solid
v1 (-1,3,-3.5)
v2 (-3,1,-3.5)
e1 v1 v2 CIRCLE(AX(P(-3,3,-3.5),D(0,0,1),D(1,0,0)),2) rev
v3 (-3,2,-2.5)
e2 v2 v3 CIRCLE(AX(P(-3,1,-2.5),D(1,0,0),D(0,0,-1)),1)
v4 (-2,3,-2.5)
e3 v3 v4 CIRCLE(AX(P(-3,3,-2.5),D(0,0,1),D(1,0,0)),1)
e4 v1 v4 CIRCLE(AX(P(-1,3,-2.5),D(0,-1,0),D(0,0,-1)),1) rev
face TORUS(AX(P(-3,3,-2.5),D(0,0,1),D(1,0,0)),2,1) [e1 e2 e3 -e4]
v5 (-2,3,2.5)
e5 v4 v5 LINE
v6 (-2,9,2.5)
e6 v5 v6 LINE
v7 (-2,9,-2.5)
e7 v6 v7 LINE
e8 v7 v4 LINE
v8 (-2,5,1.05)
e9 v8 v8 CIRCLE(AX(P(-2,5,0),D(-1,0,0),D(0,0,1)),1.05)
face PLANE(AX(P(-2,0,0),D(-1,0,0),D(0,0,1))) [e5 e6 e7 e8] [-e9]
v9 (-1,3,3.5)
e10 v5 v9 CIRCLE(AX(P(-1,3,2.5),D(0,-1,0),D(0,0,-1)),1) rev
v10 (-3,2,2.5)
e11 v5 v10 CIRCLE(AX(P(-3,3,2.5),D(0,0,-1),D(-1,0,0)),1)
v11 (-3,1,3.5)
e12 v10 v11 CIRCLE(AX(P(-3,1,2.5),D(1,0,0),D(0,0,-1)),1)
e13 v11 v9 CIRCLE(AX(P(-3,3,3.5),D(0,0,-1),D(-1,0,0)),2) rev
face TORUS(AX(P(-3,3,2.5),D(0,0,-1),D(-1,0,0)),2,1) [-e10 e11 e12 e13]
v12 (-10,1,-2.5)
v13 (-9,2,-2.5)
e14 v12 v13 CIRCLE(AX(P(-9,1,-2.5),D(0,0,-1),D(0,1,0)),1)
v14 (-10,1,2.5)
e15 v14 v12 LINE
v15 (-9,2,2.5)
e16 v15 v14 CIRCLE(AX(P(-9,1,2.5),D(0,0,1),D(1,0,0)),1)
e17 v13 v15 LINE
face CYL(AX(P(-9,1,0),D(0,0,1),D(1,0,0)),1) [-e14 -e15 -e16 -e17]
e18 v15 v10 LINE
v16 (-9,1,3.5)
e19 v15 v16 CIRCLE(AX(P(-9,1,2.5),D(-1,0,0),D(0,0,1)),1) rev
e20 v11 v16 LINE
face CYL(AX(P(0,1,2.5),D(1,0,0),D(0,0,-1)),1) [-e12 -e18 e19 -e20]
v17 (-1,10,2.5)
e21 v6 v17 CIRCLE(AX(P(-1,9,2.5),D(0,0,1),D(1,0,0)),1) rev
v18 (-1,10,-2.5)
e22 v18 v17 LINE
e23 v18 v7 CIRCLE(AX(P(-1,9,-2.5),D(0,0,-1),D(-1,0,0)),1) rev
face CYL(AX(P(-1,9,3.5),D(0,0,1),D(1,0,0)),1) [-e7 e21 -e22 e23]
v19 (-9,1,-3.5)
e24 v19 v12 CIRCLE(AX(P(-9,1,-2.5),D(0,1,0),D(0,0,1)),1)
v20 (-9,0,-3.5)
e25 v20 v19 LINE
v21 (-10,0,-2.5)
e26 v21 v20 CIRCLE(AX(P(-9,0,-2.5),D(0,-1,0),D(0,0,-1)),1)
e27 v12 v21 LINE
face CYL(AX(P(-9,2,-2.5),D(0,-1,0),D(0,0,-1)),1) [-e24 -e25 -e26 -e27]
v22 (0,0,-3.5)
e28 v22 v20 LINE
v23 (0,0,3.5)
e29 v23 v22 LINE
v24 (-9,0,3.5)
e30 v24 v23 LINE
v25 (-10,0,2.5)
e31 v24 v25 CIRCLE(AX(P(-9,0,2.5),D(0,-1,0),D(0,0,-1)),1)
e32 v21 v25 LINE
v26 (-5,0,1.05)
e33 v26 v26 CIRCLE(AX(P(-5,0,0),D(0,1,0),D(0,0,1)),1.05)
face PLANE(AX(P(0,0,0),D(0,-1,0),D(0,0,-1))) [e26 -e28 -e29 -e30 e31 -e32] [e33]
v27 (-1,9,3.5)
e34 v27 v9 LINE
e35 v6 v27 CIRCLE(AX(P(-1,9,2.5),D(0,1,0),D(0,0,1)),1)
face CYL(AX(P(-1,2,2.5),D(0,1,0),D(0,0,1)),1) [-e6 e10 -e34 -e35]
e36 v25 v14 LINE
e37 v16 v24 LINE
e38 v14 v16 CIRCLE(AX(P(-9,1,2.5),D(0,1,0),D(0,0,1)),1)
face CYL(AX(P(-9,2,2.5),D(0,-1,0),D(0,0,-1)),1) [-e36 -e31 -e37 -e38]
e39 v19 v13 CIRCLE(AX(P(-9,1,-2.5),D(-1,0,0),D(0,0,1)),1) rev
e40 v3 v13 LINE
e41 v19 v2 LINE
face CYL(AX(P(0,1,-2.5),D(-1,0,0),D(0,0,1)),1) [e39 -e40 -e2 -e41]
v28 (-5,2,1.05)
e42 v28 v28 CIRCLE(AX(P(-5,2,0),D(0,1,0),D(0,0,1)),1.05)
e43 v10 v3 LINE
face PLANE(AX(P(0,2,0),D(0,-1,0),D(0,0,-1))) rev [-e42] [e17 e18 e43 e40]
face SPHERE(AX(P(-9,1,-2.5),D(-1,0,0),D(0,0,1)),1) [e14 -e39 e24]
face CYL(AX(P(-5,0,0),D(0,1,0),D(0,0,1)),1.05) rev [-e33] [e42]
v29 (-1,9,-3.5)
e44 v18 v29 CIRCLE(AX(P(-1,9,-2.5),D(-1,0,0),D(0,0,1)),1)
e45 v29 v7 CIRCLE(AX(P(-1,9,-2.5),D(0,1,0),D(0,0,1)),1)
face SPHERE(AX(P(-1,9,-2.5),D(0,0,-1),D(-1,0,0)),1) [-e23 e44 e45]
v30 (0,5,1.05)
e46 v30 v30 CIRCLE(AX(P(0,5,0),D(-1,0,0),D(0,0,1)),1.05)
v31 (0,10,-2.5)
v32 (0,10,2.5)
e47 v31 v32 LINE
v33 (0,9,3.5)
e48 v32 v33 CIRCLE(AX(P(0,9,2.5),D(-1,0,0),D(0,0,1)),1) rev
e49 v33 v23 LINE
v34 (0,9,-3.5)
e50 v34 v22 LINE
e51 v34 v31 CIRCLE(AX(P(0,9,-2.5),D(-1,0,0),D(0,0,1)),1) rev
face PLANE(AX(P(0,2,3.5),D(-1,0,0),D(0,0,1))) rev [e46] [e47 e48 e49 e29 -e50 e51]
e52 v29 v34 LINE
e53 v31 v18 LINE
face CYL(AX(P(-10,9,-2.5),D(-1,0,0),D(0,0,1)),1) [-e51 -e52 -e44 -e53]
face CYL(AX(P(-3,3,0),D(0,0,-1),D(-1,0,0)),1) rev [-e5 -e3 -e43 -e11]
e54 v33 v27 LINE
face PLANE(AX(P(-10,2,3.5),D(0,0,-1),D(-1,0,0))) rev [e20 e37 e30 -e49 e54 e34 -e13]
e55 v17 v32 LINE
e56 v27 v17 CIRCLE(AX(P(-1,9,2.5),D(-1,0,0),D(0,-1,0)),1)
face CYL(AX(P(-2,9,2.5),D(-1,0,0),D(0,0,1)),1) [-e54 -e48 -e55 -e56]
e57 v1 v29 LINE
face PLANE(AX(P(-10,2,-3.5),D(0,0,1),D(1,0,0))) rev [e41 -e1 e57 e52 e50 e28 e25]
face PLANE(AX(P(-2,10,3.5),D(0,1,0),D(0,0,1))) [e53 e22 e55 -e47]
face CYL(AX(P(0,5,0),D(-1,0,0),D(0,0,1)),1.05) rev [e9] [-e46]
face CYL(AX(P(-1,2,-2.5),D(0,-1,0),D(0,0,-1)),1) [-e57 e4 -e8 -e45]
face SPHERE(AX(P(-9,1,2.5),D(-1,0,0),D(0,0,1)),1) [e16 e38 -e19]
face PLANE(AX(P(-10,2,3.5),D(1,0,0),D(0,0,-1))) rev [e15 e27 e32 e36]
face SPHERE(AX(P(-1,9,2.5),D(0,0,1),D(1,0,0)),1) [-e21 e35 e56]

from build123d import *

# Parameters (mm, degrees)
SKETCH1_W           = 10
SKETCH1_H           = 7
BOSS_EXTRUDE1_DEPTH = 2
SKETCH2_W           = 7
SKETCH2_H           = 10
BOSS_EXTRUDE2_DEPTH = 2
SKETCH3_R           = 1.05
CUT_EXTRUDE1_DEPTH  = 14.275918047
SKETCH4_R           = 1.05
CUT_EXTRUDE2_DEPTH  = 14.275918047
FILLET1_R           = 1


with BuildPart() as part:
    # Sketch1 → Boss-Extrude1 (new body)
    with BuildSketch(Plane(origin=(0, 0, 0), x_dir=(1, 0, 0), z_dir=(0, 1, 0))):
        with Locations((-5, 0)):
            Rectangle(SKETCH1_W, SKETCH1_H)
    extrude(amount=BOSS_EXTRUDE1_DEPTH)

    # Sketch2 → Boss-Extrude2 (add)
    with BuildSketch(Plane(origin=(0, 0, 0), x_dir=(0, 0, -1), z_dir=(1, 0, 0))):
        with Locations((0, 5)):
            Rectangle(SKETCH2_W, SKETCH2_H)
    extrude(amount=-BOSS_EXTRUDE2_DEPTH)

    # Sketch3 → Cut-Extrude1 (cut, through all)
    with BuildSketch(Plane(origin=(0, 2, 0), x_dir=(1, 0, 0), z_dir=(0, 1, 0))):
        with Locations((-5, 0)):
            Circle(SKETCH3_R)
    extrude(amount=-CUT_EXTRUDE1_DEPTH, mode=Mode.SUBTRACT)

    # Sketch4 → Cut-Extrude2 (cut, through all)
    with BuildSketch(Plane.ZY.offset(2)):
        with Locations((0, 5)):
            Circle(SKETCH4_R)
    extrude(amount=-CUT_EXTRUDE2_DEPTH, mode=Mode.SUBTRACT)

    # Fillet1
    fillet1_edges = [part.edges().sort_by_distance(p)[0] for p in [
        (-2, 2, 0),
        (-6, 2, 3.5),
        (-2, 6, 3.5),
        (-2, 10, 0),
        (-6, 2, -3.5),
        (-2, 6, -3.5),
        (-10, 1, -3.5),
        (-10, 1, 3.5),
        (-1, 10, 3.5),
        (-1, 10, -3.5),
        (-10, 2, 0),
    ]]
    fillet(fillet1_edges, radius=FILLET1_R)


solid = part.part
